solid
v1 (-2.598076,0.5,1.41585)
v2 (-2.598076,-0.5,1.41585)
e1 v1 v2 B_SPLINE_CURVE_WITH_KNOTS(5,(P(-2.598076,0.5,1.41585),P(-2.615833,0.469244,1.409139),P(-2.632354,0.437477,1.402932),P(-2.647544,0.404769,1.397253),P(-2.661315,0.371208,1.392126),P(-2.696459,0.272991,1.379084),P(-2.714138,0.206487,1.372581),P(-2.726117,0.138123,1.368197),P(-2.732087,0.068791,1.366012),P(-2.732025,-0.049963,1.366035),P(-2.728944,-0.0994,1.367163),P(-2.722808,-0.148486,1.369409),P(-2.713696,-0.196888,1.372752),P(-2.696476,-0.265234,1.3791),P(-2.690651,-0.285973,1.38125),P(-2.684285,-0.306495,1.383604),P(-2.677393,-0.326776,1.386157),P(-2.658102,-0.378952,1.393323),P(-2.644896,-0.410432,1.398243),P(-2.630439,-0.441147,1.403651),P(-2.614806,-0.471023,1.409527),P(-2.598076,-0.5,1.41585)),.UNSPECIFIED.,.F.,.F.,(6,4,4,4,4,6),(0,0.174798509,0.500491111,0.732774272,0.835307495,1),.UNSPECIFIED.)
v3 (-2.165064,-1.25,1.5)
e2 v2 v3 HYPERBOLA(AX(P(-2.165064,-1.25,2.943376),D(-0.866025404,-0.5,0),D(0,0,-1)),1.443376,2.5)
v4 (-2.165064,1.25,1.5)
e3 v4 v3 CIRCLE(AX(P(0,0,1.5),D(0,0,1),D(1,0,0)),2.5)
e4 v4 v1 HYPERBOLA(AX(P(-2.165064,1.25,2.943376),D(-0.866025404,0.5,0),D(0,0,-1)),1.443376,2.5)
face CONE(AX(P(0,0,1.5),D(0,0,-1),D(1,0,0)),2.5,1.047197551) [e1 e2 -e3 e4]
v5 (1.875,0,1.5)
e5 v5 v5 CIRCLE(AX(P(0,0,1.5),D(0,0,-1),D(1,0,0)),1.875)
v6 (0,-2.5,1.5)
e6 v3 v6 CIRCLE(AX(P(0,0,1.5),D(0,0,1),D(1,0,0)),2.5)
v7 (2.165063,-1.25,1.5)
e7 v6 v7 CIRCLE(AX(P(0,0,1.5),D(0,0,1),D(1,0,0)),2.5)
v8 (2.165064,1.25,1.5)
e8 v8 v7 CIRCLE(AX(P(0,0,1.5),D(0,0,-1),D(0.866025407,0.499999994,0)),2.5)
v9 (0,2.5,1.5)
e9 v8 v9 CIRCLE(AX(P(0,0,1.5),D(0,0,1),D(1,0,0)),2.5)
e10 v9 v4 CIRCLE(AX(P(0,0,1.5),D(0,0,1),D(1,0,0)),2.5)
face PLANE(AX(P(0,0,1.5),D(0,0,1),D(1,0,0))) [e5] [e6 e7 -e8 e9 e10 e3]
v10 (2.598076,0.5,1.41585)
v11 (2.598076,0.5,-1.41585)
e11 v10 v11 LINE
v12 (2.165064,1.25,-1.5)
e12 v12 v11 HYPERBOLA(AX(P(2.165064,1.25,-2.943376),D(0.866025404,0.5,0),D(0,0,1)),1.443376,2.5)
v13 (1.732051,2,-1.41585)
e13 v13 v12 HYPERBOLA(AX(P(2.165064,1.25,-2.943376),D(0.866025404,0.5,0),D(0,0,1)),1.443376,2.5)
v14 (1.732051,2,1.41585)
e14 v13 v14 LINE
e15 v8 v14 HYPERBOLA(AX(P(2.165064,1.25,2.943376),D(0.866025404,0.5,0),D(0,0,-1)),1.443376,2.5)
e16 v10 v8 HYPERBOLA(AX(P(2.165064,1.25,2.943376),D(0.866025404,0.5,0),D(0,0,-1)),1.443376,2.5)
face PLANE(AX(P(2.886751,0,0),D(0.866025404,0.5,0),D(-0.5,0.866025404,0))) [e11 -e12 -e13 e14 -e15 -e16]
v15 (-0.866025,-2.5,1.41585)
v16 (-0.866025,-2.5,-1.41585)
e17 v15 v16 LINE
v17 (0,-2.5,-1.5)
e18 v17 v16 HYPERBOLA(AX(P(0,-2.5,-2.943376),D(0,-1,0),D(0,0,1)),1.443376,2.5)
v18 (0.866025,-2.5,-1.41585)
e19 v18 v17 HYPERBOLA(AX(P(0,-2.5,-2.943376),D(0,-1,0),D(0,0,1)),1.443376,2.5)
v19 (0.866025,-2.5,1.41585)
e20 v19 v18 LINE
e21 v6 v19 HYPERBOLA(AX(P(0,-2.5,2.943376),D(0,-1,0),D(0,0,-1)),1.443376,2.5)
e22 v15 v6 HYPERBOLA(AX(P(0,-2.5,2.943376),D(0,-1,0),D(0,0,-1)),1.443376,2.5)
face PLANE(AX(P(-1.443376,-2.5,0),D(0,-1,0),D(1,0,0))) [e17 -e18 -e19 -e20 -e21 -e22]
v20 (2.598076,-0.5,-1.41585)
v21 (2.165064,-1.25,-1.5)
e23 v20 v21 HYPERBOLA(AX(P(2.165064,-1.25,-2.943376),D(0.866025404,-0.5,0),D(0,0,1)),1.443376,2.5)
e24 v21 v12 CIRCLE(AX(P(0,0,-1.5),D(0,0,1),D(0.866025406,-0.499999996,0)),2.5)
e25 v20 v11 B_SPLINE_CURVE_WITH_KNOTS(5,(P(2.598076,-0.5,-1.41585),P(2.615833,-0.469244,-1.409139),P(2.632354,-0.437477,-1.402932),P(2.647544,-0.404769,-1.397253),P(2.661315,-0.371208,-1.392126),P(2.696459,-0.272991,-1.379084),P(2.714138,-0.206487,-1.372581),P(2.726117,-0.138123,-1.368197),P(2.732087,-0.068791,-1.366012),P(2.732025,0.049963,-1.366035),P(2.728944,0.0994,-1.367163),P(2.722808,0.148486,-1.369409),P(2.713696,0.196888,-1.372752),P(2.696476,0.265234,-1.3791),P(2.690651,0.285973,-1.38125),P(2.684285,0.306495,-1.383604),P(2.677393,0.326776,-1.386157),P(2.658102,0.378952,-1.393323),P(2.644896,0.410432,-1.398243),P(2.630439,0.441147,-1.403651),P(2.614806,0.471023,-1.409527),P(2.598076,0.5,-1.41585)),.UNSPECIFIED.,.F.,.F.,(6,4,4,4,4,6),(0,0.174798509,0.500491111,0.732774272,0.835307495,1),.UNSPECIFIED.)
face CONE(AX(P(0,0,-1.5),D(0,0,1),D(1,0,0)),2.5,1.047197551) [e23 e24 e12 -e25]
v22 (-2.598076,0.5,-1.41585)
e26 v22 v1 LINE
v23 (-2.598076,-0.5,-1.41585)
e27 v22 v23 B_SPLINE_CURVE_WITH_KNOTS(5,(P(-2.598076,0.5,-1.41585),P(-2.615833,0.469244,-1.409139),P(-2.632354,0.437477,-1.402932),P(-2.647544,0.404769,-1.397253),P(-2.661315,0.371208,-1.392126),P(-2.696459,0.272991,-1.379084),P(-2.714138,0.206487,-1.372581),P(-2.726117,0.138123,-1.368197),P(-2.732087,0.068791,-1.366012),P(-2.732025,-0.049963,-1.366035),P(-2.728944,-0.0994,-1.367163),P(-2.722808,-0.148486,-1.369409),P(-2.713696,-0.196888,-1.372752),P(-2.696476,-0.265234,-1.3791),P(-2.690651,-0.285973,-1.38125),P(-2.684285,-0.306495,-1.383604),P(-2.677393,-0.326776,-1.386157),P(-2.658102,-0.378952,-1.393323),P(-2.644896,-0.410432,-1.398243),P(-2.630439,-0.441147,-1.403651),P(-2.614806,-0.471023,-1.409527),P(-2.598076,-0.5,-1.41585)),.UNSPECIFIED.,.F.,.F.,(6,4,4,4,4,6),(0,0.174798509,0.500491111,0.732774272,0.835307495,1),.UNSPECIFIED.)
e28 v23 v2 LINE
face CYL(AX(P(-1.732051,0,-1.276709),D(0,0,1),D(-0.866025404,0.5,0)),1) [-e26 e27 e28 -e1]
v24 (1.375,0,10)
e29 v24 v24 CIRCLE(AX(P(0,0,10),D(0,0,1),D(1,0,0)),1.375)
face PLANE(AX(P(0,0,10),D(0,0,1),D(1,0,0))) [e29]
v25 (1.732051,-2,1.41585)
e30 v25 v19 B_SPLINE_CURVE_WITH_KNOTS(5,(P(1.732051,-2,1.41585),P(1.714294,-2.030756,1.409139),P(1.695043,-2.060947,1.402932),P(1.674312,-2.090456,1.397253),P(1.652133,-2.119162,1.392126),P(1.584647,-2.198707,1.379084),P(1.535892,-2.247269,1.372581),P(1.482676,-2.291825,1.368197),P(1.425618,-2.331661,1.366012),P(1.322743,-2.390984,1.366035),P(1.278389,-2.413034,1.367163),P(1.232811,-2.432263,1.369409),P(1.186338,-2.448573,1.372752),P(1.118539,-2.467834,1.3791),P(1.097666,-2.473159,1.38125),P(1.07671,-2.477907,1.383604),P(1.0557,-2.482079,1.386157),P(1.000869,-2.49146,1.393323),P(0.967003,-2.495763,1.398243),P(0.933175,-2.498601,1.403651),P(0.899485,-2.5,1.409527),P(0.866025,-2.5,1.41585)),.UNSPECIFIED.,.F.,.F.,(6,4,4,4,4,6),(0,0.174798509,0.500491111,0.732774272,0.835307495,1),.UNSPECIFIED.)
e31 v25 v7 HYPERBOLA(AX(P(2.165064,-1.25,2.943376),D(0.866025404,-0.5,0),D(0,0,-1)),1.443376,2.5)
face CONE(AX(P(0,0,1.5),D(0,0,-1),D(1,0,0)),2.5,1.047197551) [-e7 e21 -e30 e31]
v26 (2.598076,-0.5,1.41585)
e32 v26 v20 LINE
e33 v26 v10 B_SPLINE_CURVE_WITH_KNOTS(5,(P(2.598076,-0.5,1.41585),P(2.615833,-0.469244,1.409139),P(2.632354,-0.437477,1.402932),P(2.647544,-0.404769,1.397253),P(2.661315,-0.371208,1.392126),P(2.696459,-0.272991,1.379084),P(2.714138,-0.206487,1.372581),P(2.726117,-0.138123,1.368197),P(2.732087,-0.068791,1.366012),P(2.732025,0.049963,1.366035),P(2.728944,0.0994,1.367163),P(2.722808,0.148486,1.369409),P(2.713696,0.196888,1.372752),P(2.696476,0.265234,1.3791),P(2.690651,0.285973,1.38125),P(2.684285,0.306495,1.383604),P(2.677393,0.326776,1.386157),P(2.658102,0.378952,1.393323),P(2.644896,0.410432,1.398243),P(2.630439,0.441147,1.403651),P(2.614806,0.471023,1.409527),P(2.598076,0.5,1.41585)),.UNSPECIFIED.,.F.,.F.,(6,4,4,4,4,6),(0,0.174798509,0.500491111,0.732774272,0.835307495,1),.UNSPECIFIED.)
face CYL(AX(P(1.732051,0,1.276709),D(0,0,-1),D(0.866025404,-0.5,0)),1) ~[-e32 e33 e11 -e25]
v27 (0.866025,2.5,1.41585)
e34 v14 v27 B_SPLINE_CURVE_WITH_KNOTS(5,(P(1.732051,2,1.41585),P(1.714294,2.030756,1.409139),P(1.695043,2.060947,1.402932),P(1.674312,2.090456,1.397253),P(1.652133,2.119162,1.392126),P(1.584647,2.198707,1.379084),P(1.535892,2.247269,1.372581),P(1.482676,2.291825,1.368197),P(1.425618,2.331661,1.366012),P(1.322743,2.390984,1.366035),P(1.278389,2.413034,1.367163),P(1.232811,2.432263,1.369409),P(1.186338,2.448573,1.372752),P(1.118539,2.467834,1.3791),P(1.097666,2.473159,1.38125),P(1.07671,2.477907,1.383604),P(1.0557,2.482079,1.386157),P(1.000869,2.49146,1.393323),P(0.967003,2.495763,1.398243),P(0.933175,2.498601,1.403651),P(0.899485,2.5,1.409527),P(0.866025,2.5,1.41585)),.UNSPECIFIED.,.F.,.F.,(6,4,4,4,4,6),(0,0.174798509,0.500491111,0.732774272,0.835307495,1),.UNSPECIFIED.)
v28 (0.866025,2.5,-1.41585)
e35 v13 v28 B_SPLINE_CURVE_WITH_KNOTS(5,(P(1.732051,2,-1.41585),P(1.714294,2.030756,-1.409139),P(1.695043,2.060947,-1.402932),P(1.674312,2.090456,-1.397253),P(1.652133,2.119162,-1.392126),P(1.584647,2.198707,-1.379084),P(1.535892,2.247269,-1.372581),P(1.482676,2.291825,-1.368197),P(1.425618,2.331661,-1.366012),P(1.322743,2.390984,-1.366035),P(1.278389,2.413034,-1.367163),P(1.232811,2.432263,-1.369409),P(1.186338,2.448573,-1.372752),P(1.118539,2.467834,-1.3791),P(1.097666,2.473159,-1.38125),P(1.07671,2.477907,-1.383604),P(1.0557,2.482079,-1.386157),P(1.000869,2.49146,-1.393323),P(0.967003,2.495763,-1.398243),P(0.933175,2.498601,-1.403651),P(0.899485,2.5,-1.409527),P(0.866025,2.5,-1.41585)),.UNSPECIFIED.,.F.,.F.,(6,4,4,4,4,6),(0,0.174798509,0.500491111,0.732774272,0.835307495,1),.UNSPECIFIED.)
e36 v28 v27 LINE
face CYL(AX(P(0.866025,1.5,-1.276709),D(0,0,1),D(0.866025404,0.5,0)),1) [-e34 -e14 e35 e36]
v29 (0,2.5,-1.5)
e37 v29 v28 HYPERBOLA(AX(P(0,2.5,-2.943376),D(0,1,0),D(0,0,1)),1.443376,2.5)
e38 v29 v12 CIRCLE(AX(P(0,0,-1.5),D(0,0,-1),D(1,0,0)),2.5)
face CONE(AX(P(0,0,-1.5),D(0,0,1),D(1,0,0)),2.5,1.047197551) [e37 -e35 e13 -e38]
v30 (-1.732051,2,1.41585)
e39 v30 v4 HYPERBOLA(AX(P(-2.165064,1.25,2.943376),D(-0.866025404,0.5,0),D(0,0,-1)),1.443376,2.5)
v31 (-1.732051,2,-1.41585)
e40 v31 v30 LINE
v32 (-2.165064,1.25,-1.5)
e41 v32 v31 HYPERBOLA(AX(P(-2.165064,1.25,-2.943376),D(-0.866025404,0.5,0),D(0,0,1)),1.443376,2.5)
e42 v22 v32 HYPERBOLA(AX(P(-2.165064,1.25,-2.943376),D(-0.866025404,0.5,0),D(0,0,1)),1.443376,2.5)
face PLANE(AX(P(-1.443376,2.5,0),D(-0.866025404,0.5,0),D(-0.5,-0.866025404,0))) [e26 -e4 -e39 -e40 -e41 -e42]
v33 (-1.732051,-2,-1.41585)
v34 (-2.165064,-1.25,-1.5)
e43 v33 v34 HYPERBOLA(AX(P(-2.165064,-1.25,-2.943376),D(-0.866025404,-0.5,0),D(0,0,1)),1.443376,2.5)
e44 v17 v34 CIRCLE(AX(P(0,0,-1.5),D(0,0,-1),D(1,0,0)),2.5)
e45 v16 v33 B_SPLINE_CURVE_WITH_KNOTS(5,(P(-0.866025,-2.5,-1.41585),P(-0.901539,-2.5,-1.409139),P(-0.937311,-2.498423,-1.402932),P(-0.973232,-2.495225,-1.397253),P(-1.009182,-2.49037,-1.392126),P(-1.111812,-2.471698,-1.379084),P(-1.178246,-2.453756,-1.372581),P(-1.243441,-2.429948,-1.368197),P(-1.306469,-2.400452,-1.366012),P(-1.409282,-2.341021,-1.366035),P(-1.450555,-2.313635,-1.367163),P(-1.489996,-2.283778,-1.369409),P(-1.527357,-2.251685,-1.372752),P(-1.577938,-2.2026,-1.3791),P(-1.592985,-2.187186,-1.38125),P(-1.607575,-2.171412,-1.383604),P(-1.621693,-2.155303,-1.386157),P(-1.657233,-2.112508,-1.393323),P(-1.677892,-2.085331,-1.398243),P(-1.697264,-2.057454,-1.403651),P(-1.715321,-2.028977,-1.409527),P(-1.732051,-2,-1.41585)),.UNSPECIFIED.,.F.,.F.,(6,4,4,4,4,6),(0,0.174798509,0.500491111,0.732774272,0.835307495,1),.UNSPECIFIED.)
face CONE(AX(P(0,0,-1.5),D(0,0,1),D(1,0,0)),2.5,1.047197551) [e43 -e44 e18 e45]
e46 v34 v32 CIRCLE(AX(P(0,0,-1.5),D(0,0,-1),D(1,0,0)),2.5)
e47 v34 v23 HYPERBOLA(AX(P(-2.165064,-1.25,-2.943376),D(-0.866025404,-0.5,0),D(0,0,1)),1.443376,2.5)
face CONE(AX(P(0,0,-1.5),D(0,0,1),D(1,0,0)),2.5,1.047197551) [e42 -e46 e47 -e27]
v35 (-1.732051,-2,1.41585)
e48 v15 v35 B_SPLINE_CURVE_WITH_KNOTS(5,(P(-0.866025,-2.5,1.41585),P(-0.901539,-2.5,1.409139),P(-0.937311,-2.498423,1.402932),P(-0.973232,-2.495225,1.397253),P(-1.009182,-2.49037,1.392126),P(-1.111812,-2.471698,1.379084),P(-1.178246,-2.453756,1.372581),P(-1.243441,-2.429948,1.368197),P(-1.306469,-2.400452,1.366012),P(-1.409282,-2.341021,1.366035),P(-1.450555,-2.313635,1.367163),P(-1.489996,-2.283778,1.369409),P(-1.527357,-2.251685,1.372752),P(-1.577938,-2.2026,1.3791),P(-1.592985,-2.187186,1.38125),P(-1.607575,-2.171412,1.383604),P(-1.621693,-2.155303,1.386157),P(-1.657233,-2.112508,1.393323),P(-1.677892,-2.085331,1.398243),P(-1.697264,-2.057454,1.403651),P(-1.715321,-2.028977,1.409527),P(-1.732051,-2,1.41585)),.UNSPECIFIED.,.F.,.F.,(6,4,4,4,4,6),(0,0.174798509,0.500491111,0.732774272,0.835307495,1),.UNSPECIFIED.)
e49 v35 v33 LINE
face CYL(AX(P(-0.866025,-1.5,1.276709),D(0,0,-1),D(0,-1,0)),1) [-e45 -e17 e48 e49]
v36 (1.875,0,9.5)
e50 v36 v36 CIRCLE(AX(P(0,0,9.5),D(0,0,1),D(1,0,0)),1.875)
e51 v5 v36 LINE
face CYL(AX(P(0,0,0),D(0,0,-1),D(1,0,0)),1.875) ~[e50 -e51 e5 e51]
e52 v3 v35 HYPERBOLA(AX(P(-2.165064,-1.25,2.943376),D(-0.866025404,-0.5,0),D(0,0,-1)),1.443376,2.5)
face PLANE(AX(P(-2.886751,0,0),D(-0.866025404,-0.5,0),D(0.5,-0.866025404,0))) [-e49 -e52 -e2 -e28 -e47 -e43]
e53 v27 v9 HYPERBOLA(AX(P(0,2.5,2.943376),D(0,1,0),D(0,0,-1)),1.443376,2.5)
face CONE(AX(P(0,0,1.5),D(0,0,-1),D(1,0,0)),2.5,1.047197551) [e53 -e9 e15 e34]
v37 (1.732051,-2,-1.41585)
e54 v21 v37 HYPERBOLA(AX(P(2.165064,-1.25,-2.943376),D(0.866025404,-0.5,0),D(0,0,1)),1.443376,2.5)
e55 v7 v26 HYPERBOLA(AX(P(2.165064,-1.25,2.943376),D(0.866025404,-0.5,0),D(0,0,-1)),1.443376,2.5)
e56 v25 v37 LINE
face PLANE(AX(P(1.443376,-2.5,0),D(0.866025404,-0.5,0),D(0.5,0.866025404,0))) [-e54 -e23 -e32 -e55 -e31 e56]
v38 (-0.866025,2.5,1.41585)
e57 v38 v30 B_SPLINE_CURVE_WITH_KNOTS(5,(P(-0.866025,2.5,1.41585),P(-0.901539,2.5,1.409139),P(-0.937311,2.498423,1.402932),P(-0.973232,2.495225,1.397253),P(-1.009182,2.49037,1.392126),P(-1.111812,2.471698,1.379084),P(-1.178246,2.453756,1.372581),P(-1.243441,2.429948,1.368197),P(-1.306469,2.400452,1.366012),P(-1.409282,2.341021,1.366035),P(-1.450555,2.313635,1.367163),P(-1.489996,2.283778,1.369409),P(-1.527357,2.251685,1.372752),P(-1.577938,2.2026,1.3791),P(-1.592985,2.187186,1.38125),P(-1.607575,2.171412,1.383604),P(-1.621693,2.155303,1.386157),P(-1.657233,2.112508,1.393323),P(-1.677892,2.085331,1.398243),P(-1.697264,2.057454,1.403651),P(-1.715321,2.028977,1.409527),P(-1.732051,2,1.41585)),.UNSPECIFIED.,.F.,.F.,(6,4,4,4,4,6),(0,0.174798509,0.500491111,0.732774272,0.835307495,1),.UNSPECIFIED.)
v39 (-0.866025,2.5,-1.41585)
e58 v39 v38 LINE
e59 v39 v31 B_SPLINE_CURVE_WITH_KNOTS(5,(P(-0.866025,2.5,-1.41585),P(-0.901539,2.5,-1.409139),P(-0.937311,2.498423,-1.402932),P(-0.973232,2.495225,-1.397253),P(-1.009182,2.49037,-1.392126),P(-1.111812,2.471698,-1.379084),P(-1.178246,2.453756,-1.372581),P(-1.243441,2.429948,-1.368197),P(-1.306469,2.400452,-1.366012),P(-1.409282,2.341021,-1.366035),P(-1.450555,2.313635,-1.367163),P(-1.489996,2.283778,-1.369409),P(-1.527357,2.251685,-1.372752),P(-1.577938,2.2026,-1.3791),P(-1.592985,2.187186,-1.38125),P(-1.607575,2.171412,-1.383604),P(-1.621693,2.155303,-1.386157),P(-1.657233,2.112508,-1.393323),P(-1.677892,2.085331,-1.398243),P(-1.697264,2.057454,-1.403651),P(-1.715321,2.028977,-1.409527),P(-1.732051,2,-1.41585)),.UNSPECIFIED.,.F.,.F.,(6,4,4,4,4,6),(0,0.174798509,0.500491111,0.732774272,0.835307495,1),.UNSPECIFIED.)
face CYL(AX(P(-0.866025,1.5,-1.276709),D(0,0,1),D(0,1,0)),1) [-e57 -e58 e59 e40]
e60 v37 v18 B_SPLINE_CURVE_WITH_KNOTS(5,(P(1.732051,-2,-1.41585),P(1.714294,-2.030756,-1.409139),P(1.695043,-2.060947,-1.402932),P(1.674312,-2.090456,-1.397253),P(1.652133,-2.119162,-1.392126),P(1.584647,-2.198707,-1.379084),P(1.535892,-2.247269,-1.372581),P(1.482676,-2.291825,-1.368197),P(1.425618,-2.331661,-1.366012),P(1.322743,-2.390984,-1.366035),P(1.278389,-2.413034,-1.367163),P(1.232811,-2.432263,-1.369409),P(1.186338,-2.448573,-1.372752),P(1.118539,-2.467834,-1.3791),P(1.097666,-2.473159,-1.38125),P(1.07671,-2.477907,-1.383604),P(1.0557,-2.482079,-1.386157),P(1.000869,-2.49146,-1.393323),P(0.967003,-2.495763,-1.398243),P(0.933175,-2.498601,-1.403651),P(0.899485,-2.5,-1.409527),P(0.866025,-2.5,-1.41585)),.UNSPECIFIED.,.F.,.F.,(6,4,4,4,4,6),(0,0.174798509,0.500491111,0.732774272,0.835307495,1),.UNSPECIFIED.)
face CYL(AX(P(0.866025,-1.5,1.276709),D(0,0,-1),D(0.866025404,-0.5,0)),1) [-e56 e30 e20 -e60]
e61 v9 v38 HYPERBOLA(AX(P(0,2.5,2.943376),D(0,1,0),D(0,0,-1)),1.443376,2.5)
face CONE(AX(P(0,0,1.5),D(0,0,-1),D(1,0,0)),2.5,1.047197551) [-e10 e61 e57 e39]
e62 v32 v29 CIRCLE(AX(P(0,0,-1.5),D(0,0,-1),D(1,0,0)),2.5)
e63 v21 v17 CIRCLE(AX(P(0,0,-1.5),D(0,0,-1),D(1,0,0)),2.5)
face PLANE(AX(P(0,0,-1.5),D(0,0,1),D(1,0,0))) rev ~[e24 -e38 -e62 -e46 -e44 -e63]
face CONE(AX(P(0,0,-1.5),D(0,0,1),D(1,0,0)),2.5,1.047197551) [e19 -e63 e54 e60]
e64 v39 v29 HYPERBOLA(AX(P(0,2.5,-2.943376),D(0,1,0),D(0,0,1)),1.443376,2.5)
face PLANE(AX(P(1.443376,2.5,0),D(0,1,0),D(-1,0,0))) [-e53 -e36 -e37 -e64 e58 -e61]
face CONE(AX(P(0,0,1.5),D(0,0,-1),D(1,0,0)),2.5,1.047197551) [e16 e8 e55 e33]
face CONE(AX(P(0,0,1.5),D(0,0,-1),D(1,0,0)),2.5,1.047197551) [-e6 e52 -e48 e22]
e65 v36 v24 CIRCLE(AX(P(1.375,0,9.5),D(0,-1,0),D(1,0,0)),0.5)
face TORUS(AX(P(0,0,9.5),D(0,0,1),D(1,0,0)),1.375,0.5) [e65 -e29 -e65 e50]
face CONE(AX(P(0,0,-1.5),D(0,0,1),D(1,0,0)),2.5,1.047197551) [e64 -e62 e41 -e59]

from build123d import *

# Parameters (mm, degrees)
BOSS_EXTRUDE2_DEPTH     = 1.5
SKETCH5_OUTSIDE_W       = 61.376
SKETCH5_OUTSIDE_H       = 60.602
SKETCH5_OUTSIDE_R       = 2.5
CUT_EXTRUDE1_DEPTH      = 15
CUT_EXTRUDE1_DRAFT      = -60
MIRROR1_COPY_1_SKETCH_W = 61.376
MIRROR1_COPY_1_SKETCH_H = 60.602
MIRROR1_COPY_1_SKETCH_R = 2.5
MIRROR1_COPY_1_DEPTH    = 15
MIRROR1_COPY_1_DRAFT    = -60
SKETCH4_3_R             = 1.875
BOSS_EXTRUDE3_DEPTH     = 10
FILLET1_R               = 1
FILLET2_R               = 0.5


with BuildPart() as part:
    # Sketch4 → Boss-Extrude2 (new, symmetric)
    with BuildSketch(Plane.XY):
        Polygon((1.443375673, 2.5), (-1.443375673, 2.5), (-2.886751346, 0), (-1.443375673, -2.5), (1.443375673, -2.5), (2.886751346, 0), align=None)
    extrude(amount=BOSS_EXTRUDE2_DEPTH, both=True)


with BuildPart() as cut_extrude1_tool:
    # Sketch5 outside → Cut-Extrude1 (with draft: the straight prism first)
    with BuildSketch(Plane.XY.offset(1.5)):
        Rectangle(SKETCH5_OUTSIDE_W, SKETCH5_OUTSIDE_H)
        Circle(SKETCH5_OUTSIDE_R, mode=Mode.SUBTRACT)
    extrude(amount=-CUT_EXTRUDE1_DEPTH)
    # Cut-Extrude1: the draft: its side faces are tilted about the plane it starts from
    cut_extrude1_sides = [cut_extrude1_tool.faces().sort_by_distance(p)[0] for p in [
        (0, -30.301, -6),
        (30.688, 0, -6),
        (0, 30.301, -6),
        (-30.688, 0, -6),
        (-2.5, 0, -6),
    ]]
    draft(cut_extrude1_sides, Plane.XY.offset(1.5), CUT_EXTRUDE1_DRAFT)


with BuildPart() as part_1:
    add(part.part)

    # Cut-Extrude1: cut by cut_extrude1_tool
    add(cut_extrude1_tool.part, mode=Mode.SUBTRACT)


with BuildPart() as mirror1_copy_1_tool:
    # Mirror1 copy 1 sketch → Mirror1 copy 1 (with draft: the straight prism first)
    with BuildSketch(Plane(origin=(0, 0, -1.5), x_dir=(1, 0, 0), z_dir=(0, 0, -1))):
        Rectangle(MIRROR1_COPY_1_SKETCH_W, MIRROR1_COPY_1_SKETCH_H)
        Circle(MIRROR1_COPY_1_SKETCH_R, mode=Mode.SUBTRACT)
    extrude(amount=-MIRROR1_COPY_1_DEPTH)
    # Mirror1 copy 1: the draft: its side faces are tilted about the plane it starts from
    mirror1_copy_1_sides = [mirror1_copy_1_tool.faces().sort_by_distance(p)[0] for p in [
        (0, -30.301, 6),
        (30.688, 0, 6),
        (0, 30.301, 6),
        (-30.688, 0, 6),
        (-2.5, 0, 6),
    ]]
    draft(mirror1_copy_1_sides, Plane(origin=(0, 0, -1.5), x_dir=(1, 0, 0), z_dir=(0, 0, -1)), MIRROR1_COPY_1_DRAFT)


with BuildPart() as part_2:
    add(part_1.part)

    # Mirror1 copy 1: cut by mirror1_copy_1_tool
    add(mirror1_copy_1_tool.part, mode=Mode.SUBTRACT)

    # Sketch4<3> → Boss-Extrude3 (add)
    with BuildSketch(Plane.XY):
        Circle(SKETCH4_3_R)
    extrude(amount=BOSS_EXTRUDE3_DEPTH)

    # Fillet1
    fillet1_edges = [part_2.edges().sort_by_distance(p)[0] for p in [
        (2.886751346, 0, 0),
        (1.443375673, -2.5, 0),
        (-1.443375673, -2.5, 0),
        (-2.886751346, 0, 0),
        (-1.443375673, 2.5, 0),
        (1.443375673, 2.5, 0),
    ]]
    fillet(fillet1_edges, radius=FILLET1_R)

    # Fillet2
    fillet2_edges = [part_2.edges().sort_by_distance(p)[0] for p in [
        (-1.875, 0, 10),
    ]]
    fillet(fillet2_edges, radius=FILLET2_R)


solid = part_2.part
